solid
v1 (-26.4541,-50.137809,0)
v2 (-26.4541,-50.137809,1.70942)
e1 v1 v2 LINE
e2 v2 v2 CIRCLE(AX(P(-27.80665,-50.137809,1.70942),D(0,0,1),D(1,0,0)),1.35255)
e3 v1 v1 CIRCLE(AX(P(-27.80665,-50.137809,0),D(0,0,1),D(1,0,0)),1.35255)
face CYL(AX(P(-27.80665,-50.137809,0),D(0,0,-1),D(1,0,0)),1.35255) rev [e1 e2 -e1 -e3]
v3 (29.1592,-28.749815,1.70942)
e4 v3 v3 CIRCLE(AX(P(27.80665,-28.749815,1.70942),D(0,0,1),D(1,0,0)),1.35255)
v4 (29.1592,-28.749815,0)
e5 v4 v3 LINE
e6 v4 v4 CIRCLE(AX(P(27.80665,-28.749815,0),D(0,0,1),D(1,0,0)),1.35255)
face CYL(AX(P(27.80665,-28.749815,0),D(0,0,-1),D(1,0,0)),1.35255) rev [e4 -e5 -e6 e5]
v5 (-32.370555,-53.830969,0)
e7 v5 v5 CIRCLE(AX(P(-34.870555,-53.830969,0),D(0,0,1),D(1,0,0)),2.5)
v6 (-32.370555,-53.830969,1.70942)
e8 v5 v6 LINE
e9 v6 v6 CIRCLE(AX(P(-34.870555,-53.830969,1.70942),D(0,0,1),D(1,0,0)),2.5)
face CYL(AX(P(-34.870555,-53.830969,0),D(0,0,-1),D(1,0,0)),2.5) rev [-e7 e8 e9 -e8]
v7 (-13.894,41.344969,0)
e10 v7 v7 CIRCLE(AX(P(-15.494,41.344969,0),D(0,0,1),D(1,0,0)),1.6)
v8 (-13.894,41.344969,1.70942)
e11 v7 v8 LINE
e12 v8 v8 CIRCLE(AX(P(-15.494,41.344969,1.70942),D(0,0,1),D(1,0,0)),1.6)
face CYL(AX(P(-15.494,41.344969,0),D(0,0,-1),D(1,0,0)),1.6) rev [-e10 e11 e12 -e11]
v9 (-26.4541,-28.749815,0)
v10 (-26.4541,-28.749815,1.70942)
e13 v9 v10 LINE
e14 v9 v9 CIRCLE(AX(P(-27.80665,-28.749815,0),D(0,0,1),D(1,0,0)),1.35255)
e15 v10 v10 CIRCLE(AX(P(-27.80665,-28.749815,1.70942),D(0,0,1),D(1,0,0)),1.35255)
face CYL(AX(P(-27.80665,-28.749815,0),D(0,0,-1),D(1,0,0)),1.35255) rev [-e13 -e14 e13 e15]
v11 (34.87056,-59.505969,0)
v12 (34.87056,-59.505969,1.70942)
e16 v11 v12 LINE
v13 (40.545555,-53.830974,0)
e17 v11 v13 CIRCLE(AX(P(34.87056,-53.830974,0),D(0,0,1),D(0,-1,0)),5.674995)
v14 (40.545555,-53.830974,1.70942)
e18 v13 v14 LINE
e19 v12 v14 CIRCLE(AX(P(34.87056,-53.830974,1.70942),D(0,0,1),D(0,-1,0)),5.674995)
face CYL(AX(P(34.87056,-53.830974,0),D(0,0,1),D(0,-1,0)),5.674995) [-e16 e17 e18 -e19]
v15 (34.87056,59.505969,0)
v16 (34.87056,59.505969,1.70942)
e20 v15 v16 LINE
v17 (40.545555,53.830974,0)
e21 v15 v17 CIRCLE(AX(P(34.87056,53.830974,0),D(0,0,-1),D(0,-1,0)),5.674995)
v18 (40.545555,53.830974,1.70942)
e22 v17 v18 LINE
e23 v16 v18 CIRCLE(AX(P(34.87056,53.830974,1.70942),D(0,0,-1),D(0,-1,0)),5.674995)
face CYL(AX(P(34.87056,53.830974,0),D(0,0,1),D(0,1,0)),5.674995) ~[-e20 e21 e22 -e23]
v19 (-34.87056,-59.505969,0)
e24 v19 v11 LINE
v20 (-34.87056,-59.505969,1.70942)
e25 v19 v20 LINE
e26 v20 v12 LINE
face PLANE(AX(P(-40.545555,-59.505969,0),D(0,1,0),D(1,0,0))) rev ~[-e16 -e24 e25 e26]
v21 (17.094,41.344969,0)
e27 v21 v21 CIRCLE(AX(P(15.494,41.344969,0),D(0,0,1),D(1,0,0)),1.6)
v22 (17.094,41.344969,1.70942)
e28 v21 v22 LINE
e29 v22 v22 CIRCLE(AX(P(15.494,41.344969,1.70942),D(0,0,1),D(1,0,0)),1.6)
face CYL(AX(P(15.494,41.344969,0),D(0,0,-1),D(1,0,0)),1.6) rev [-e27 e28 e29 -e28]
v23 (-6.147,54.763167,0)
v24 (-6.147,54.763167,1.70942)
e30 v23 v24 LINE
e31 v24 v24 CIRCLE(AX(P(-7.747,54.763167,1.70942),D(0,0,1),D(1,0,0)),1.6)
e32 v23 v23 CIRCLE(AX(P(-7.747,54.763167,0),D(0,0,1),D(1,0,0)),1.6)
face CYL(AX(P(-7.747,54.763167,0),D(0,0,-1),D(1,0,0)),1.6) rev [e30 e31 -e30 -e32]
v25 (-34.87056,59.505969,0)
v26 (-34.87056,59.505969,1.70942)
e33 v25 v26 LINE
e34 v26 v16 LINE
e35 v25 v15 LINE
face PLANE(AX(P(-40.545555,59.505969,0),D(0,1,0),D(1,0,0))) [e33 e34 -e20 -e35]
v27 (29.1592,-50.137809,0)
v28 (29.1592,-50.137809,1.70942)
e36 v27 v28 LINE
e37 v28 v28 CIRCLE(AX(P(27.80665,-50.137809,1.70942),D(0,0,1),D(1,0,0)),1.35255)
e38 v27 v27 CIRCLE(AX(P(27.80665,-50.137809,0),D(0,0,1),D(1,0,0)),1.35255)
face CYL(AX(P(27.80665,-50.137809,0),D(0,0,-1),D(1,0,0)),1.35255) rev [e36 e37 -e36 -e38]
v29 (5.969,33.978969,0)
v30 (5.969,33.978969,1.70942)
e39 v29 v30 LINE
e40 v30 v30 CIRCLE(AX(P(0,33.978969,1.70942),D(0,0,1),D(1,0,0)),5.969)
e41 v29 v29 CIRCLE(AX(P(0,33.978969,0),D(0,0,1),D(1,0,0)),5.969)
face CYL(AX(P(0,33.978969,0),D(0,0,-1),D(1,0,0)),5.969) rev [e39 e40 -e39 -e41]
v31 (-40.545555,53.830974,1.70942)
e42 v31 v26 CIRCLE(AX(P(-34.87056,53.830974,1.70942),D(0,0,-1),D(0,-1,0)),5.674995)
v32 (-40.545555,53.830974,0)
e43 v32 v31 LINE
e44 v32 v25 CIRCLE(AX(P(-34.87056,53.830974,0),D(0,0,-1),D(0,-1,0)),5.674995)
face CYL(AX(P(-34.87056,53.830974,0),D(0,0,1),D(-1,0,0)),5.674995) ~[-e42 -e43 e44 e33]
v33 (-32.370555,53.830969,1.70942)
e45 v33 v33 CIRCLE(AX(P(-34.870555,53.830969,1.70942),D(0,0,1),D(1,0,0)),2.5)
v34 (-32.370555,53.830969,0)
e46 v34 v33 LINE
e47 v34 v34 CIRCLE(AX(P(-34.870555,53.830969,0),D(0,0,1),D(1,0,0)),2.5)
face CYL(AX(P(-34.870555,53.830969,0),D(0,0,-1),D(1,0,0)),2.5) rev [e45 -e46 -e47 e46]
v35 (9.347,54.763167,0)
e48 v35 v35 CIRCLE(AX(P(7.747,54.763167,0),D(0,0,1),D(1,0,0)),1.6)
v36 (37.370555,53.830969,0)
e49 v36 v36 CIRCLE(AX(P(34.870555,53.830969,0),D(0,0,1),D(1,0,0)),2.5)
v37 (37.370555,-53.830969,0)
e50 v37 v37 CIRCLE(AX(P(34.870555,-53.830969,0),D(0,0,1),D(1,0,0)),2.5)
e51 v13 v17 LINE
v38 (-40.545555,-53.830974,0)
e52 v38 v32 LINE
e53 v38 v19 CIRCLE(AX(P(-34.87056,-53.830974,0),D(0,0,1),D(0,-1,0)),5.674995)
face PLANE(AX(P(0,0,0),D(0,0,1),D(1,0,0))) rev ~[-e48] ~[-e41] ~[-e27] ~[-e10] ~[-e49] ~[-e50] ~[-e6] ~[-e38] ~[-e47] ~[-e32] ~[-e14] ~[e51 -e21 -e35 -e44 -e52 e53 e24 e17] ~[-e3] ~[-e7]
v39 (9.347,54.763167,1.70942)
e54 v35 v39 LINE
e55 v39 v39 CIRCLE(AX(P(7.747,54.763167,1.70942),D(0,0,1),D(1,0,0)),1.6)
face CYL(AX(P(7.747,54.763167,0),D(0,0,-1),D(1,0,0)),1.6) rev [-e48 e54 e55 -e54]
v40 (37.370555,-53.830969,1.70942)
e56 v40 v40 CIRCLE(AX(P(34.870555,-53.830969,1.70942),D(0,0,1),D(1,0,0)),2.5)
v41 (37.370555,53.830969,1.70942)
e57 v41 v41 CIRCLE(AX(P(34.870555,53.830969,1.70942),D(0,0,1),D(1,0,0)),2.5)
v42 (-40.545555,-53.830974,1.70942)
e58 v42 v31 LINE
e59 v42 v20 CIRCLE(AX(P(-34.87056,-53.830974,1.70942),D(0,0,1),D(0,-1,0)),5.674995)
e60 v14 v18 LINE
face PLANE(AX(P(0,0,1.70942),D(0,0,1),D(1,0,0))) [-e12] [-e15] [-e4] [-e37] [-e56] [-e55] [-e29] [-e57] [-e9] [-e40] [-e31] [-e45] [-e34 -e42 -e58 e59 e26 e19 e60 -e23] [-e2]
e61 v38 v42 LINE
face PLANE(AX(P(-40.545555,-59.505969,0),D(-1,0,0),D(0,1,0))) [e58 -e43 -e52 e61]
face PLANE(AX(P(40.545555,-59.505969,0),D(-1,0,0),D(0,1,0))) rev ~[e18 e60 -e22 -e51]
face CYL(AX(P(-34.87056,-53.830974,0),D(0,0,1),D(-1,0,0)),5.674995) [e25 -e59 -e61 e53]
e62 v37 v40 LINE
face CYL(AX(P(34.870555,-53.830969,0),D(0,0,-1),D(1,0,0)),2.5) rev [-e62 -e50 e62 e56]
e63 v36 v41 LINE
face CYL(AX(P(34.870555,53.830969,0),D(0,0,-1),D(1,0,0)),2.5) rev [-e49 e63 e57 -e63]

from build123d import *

# Parameters (mm, degrees)
F0_W     = 81.09111
F0_H     = 119.011938
F0_R     = 2.5
F0_R_2   = 1.35255
F0_R_3   = 1.6
F0_R_4   = 5.969
F1_DEPTH = 1.70942
F2_R     = 5.674995


with BuildPart() as f1:
    # F0 (on Top) → F1 (new body)
    with BuildSketch(Plane.XY):
        Rectangle(F0_W, F0_H)
        with Locations((-34.870555, -53.830969)):
            Circle(F0_R, mode=Mode.SUBTRACT)
        with Locations((-27.80665, -50.137809)):
            Circle(F0_R_2, mode=Mode.SUBTRACT)
        with Locations((-27.80665, -28.749815)):
            Circle(F0_R_2, mode=Mode.SUBTRACT)
        with Locations((27.80665, -50.137809)):
            Circle(F0_R_2, mode=Mode.SUBTRACT)
        with Locations((34.870555, -53.830969)):
            Circle(F0_R, mode=Mode.SUBTRACT)
        with Locations((27.80665, -28.749815)):
            Circle(F0_R_2, mode=Mode.SUBTRACT)
        with Locations((-34.870555, 53.830969)):
            Circle(F0_R, mode=Mode.SUBTRACT)
        with Locations((-15.494, 41.344969)):
            Circle(F0_R_3, mode=Mode.SUBTRACT)
        with Locations((-7.747, 54.763167)):
            Circle(F0_R_3, mode=Mode.SUBTRACT)
        with Locations((0, 33.978969)):
            Circle(F0_R_4, mode=Mode.SUBTRACT)
        with Locations((15.494, 41.344969)):
            Circle(F0_R_3, mode=Mode.SUBTRACT)
        with Locations((7.747, 54.763167)):
            Circle(F0_R_3, mode=Mode.SUBTRACT)
        with Locations((34.870555, 53.830969)):
            Circle(F0_R, mode=Mode.SUBTRACT)
    extrude(amount=F1_DEPTH)

    # F2
    f2_edges = [f1.edges().sort_by_distance(p)[0] for p in [
        (40.545555, 59.505969, 0.85471),
        (40.545555, -59.505969, 0.85471),
        (-40.545555, -59.505969, 0.85471),
        (-40.545555, 59.505969, 0.85471),
    ]]
    fillet(f2_edges, radius=F2_R)


solid = f1.part
